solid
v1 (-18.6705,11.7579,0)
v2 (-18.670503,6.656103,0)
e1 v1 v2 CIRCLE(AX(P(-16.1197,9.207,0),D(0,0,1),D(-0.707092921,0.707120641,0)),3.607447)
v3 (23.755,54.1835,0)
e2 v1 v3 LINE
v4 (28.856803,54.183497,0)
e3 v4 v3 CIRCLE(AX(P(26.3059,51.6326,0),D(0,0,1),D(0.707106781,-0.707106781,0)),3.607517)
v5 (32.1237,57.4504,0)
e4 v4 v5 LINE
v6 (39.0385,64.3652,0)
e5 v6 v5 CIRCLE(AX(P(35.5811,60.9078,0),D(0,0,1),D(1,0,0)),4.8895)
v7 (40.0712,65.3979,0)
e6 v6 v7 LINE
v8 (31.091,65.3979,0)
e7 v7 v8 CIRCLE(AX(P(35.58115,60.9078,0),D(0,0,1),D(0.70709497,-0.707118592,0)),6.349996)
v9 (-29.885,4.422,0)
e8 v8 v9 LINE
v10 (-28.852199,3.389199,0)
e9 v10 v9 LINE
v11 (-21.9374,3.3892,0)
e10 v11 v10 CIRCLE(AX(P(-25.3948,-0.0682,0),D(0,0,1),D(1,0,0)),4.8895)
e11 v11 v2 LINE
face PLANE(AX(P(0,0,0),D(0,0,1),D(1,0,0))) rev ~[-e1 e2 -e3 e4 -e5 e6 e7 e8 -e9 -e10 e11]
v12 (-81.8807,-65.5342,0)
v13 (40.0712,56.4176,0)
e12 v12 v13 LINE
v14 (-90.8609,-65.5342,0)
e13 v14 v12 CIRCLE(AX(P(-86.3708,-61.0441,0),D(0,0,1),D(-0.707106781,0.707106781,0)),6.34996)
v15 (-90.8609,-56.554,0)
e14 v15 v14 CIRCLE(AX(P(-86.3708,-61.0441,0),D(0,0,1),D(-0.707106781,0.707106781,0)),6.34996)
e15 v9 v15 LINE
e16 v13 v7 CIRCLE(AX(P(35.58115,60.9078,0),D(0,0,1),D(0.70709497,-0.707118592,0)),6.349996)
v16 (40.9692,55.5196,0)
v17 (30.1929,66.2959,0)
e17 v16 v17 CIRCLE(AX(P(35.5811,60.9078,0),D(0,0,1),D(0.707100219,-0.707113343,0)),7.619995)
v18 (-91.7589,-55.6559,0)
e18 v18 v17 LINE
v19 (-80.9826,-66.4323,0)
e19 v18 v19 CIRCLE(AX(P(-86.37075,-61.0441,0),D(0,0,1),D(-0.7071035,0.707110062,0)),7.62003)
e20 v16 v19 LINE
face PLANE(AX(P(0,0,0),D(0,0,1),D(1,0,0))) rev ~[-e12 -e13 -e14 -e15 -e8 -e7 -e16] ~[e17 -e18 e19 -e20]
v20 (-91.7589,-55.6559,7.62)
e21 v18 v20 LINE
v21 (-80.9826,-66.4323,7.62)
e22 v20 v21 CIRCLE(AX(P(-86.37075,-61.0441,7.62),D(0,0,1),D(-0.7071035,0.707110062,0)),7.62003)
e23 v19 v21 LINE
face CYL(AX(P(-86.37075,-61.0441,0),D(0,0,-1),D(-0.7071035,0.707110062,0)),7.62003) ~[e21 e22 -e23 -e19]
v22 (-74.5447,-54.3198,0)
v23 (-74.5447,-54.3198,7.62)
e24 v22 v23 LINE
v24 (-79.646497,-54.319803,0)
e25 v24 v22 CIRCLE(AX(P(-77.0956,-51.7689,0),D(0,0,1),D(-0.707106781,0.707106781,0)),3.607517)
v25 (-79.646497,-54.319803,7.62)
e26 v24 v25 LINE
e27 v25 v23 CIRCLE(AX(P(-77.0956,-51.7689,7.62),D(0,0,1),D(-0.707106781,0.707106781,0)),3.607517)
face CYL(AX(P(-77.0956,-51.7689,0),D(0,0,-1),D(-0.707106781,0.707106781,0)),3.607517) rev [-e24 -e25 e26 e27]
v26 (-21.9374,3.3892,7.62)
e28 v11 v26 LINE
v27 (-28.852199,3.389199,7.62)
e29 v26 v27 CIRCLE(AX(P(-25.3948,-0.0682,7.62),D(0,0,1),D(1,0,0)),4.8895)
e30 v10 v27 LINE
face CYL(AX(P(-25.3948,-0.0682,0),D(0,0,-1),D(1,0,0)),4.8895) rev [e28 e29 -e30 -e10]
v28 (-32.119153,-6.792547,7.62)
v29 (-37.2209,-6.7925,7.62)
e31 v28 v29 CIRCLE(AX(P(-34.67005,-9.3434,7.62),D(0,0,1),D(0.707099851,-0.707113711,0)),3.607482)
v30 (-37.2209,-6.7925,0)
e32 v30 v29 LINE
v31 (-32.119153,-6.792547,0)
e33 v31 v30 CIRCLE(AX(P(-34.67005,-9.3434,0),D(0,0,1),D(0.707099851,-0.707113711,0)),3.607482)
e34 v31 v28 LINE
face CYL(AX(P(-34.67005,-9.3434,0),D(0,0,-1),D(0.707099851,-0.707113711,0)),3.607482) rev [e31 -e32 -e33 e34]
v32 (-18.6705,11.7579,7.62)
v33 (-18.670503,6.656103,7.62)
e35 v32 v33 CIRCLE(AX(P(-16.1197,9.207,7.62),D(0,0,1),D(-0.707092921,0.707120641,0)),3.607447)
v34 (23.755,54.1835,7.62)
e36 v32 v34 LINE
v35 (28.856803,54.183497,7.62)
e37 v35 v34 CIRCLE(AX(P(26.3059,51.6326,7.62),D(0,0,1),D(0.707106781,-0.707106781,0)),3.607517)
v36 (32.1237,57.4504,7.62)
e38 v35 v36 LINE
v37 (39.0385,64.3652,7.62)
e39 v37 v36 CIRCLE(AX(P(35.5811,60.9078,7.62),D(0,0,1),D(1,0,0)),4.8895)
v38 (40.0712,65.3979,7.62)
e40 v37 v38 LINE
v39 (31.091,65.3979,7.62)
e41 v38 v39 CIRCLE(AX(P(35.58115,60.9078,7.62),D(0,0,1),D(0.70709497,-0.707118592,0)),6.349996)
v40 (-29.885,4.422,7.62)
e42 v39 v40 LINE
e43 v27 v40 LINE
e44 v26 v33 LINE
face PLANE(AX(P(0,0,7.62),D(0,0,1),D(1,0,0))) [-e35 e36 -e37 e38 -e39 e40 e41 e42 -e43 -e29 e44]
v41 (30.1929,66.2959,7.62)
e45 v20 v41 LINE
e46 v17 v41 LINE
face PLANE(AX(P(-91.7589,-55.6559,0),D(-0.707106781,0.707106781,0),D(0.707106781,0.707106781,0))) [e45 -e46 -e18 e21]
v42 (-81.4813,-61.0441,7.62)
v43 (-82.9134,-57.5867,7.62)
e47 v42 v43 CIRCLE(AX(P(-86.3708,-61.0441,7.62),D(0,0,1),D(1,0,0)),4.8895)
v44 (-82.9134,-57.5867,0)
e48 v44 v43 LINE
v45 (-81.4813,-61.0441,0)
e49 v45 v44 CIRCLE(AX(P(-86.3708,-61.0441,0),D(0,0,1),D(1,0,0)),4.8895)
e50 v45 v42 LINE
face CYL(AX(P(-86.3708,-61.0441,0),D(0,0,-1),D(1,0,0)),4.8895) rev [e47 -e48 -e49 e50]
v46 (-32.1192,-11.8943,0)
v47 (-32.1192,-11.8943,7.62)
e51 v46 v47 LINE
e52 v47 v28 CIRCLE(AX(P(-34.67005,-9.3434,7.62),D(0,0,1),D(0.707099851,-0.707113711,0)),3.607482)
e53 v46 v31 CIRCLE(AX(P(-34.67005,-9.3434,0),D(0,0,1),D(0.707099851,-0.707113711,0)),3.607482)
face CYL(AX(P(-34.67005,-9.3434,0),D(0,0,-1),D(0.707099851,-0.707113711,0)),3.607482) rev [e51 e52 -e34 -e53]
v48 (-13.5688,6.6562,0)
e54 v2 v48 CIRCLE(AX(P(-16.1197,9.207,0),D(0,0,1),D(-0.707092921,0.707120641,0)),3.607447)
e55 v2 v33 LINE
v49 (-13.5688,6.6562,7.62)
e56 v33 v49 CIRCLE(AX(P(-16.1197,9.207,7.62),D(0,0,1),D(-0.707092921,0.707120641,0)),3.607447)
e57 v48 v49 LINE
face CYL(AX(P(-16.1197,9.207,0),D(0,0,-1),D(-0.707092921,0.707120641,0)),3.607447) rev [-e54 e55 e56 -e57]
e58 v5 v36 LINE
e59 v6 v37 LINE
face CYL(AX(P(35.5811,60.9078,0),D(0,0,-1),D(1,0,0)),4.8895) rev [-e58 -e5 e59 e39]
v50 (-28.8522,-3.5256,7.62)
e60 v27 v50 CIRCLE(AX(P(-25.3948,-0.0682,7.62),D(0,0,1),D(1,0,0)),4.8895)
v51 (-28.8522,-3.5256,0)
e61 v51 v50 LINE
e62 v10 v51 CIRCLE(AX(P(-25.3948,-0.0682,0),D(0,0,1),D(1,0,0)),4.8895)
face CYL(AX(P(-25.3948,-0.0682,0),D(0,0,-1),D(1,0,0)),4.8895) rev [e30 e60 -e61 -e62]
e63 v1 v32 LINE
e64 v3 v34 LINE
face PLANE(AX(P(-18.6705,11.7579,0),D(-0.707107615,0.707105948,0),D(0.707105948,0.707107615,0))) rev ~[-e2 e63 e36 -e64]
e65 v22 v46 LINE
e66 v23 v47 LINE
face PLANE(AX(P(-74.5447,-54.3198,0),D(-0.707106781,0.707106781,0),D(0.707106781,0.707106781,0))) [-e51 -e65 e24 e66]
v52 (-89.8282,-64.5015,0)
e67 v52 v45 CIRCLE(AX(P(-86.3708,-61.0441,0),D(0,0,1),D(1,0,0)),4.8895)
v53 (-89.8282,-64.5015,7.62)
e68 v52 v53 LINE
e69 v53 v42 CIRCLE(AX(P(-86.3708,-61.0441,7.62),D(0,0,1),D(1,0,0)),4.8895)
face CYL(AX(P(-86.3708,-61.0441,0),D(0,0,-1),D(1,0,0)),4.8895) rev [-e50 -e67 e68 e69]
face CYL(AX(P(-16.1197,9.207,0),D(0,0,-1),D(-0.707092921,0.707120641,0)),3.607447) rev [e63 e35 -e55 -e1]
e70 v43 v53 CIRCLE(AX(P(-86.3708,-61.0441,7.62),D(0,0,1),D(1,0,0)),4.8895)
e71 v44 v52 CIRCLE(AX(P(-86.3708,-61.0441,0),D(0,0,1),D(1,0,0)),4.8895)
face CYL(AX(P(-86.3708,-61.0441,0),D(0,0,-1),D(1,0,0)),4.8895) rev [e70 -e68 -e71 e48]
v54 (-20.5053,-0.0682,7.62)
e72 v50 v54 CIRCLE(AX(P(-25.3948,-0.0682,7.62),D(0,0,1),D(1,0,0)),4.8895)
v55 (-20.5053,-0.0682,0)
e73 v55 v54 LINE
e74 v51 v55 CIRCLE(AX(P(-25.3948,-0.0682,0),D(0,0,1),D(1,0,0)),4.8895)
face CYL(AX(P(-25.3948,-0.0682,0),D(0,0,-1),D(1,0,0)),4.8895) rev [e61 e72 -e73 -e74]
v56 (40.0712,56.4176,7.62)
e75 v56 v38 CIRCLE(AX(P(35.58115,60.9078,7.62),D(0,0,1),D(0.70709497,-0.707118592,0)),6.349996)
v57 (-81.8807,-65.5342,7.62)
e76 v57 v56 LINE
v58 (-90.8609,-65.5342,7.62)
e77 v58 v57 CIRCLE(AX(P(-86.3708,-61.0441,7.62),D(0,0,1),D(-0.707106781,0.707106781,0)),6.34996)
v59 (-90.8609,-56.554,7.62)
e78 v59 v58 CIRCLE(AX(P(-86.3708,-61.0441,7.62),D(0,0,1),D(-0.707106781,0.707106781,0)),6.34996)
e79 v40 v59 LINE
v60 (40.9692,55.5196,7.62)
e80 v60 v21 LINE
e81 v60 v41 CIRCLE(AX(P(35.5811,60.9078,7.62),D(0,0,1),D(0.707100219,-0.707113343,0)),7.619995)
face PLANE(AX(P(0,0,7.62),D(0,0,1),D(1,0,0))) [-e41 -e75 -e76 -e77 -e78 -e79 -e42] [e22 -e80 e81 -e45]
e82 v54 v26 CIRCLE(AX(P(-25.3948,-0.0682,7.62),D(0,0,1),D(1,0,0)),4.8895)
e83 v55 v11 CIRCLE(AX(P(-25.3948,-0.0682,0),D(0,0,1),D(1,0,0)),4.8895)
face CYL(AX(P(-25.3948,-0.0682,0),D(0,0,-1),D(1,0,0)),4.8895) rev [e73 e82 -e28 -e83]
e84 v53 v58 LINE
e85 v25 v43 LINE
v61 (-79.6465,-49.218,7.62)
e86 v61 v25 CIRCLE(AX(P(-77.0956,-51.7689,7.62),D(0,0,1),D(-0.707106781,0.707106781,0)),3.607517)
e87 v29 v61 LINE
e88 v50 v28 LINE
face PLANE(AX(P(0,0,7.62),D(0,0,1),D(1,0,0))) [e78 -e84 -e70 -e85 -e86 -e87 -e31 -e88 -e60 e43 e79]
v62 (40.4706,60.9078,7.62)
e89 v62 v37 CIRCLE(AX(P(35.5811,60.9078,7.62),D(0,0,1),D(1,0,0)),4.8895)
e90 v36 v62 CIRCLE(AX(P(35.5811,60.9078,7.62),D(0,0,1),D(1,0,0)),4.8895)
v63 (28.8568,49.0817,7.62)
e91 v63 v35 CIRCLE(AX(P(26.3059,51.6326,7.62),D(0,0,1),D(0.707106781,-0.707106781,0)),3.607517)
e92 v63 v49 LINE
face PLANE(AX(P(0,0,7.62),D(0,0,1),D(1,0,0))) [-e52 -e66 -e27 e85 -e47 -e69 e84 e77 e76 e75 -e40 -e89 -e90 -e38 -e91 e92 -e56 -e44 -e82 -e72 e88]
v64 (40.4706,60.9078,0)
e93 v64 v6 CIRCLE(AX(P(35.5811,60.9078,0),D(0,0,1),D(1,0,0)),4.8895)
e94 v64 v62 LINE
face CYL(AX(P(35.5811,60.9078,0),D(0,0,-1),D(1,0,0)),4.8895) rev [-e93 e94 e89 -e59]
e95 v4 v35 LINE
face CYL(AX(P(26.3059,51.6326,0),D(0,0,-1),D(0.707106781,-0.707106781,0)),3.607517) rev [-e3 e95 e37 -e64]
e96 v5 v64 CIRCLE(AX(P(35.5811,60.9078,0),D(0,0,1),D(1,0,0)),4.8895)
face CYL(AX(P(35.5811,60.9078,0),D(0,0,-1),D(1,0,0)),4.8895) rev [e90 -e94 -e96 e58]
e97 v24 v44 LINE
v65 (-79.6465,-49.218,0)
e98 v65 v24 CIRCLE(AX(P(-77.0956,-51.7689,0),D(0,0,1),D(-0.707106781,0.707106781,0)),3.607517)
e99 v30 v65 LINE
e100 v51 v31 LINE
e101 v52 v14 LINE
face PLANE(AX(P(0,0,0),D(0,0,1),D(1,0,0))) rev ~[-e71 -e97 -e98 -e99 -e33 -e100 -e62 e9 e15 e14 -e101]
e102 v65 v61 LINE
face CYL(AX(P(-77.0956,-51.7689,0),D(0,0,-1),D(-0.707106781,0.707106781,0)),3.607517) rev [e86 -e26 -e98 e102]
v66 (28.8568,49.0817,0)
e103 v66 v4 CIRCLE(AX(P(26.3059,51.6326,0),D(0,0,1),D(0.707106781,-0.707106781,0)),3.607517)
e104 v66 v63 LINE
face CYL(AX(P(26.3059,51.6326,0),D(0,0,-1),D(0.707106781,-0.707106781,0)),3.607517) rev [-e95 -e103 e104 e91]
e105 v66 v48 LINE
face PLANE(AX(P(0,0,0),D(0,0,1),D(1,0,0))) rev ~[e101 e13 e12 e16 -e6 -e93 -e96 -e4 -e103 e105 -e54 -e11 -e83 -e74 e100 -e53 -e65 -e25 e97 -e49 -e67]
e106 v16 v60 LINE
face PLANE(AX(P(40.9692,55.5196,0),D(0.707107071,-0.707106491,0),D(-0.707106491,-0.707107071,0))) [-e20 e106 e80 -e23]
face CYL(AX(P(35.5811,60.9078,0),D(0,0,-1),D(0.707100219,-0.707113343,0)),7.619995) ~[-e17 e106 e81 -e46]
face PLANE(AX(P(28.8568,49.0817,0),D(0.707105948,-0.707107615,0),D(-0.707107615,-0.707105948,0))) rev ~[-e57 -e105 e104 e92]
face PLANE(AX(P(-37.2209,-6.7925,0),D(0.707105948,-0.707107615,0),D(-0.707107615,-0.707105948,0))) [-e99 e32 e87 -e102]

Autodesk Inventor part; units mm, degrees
ref_plane "YZ Plane" through (0, 0, 0) normal (1, 0, 0) x (0, 1, 0)
ref_plane "XZ Plane" through (0, 0, 0) normal (0, 1, 0) x (-1, 0, 0)
ref_plane "XY Plane" through (0, 0, 0) normal (0, 0, 1) x (1, 0, 0)
sketch "Sketch1" plane through (0, 0, 0) normal (0, 0, 1) x (1, 0, 0)
  circle A0 centre (-86.3708, -61.0441) radius 4.8895
  circle A1 centre (-86.3708, -61.0441) radius 4.8895
  line L0 (-81.8807, -65.5342) -> (40.0712, 56.4176)
  line L1 (31.091, 65.3979) -> (-90.8609, -56.554)
  arc A2 (-90.8609, -56.554) -> (-81.8807, -65.5342) centre (-86.3708, -61.0441) ccw
  arc A3 (40.0712, 56.4176) -> (31.091, 65.3979) centre (35.5811, 60.9078) ccw
  circle A4 centre (-25.3948, -0.0682) radius 4.8895
  circle A5 centre (35.5811, 60.9078) radius 4.8895
  line L2 (-21.9374, 3.3892) -> (32.1237, 57.4504)
  line L3 (39.0385, 64.3652) -> (40.0712, 65.3979)
  line L4 (-82.9134, -57.5867) -> (-28.8522, -3.5256) construction
  line L5 (-21.9374, 3.3892) -> (32.1237, 57.4504) construction
  line L6 (-28.8522, -3.5256) -> (-82.9134, -57.5867)
  line L7 (-89.8282, -64.5015) -> (-90.8609, -65.5342)
  line L8 (-34.6701, -9.3434) -> (-77.0956, -51.7689) construction
  line L9 (-37.2209, -6.7925) -> (-79.6465, -49.218)
  line L10 (-74.5447, -54.3198) -> (-32.1192, -11.8943)
  arc A6 (-32.1192, -11.8943) -> (-37.2209, -6.7925) centre (-34.6701, -9.3434) ccw
  arc A7 (-79.6465, -49.218) -> (-74.5447, -54.3198) centre (-77.0956, -51.7689) ccw
  line L11 (-25.3948, -0.0682) -> (-29.885, 4.422)
  line L12 (-18.6705, 11.7579) -> (23.755, 54.1835)
  line L13 (28.8568, 49.0817) -> (-13.5688, 6.6562)
  arc A8 (-18.6705, 11.7579) -> (-13.5688, 6.6562) centre (-16.1196, 9.207) ccw
  arc A9 (28.8568, 49.0817) -> (23.755, 54.1835) centre (26.3059, 51.6326) ccw
  line L14 (40.9692, 55.5196) -> (-80.9826, -66.4323)
  arc A10 (-91.7589, -55.6559) -> (-80.9826, -66.4323) centre (-86.3708, -61.0441) ccw
  line L15 (-91.7589, -55.6559) -> (30.1929, 66.2959)
  arc A11 (40.9692, 55.5196) -> (30.1929, 66.2959) centre (35.5811, 60.9078) ccw
  point P0 (0, 0)
  point P1 (-55.8828, -30.5561)
  dimension "d0" = 172.466
  dimension "d2" = 12.7
  dimension "d5" = 9.779
  dimension "d6" = 9.779
  dimension "d7" = 9.779
  dimension "d10" = 1.27
extrude "Extrusion1" add sketch "Sketch1" along normal blind 7.62 contours A0 L6 A7 L10 A6 A4 L2 A8 L13 A9 A5 L3 A3 L0 A2 L7 | A0 L7 A2 L1 L11 A4 L6 A6 L9 A7 | L1 A3 L3 A5 L2 A9 L12 A8 A4 L11
extrude "Extrusion2" add sketch "Sketch1" along normal up to surface (7.62 mm away)
properties part number "Reg Arm"
